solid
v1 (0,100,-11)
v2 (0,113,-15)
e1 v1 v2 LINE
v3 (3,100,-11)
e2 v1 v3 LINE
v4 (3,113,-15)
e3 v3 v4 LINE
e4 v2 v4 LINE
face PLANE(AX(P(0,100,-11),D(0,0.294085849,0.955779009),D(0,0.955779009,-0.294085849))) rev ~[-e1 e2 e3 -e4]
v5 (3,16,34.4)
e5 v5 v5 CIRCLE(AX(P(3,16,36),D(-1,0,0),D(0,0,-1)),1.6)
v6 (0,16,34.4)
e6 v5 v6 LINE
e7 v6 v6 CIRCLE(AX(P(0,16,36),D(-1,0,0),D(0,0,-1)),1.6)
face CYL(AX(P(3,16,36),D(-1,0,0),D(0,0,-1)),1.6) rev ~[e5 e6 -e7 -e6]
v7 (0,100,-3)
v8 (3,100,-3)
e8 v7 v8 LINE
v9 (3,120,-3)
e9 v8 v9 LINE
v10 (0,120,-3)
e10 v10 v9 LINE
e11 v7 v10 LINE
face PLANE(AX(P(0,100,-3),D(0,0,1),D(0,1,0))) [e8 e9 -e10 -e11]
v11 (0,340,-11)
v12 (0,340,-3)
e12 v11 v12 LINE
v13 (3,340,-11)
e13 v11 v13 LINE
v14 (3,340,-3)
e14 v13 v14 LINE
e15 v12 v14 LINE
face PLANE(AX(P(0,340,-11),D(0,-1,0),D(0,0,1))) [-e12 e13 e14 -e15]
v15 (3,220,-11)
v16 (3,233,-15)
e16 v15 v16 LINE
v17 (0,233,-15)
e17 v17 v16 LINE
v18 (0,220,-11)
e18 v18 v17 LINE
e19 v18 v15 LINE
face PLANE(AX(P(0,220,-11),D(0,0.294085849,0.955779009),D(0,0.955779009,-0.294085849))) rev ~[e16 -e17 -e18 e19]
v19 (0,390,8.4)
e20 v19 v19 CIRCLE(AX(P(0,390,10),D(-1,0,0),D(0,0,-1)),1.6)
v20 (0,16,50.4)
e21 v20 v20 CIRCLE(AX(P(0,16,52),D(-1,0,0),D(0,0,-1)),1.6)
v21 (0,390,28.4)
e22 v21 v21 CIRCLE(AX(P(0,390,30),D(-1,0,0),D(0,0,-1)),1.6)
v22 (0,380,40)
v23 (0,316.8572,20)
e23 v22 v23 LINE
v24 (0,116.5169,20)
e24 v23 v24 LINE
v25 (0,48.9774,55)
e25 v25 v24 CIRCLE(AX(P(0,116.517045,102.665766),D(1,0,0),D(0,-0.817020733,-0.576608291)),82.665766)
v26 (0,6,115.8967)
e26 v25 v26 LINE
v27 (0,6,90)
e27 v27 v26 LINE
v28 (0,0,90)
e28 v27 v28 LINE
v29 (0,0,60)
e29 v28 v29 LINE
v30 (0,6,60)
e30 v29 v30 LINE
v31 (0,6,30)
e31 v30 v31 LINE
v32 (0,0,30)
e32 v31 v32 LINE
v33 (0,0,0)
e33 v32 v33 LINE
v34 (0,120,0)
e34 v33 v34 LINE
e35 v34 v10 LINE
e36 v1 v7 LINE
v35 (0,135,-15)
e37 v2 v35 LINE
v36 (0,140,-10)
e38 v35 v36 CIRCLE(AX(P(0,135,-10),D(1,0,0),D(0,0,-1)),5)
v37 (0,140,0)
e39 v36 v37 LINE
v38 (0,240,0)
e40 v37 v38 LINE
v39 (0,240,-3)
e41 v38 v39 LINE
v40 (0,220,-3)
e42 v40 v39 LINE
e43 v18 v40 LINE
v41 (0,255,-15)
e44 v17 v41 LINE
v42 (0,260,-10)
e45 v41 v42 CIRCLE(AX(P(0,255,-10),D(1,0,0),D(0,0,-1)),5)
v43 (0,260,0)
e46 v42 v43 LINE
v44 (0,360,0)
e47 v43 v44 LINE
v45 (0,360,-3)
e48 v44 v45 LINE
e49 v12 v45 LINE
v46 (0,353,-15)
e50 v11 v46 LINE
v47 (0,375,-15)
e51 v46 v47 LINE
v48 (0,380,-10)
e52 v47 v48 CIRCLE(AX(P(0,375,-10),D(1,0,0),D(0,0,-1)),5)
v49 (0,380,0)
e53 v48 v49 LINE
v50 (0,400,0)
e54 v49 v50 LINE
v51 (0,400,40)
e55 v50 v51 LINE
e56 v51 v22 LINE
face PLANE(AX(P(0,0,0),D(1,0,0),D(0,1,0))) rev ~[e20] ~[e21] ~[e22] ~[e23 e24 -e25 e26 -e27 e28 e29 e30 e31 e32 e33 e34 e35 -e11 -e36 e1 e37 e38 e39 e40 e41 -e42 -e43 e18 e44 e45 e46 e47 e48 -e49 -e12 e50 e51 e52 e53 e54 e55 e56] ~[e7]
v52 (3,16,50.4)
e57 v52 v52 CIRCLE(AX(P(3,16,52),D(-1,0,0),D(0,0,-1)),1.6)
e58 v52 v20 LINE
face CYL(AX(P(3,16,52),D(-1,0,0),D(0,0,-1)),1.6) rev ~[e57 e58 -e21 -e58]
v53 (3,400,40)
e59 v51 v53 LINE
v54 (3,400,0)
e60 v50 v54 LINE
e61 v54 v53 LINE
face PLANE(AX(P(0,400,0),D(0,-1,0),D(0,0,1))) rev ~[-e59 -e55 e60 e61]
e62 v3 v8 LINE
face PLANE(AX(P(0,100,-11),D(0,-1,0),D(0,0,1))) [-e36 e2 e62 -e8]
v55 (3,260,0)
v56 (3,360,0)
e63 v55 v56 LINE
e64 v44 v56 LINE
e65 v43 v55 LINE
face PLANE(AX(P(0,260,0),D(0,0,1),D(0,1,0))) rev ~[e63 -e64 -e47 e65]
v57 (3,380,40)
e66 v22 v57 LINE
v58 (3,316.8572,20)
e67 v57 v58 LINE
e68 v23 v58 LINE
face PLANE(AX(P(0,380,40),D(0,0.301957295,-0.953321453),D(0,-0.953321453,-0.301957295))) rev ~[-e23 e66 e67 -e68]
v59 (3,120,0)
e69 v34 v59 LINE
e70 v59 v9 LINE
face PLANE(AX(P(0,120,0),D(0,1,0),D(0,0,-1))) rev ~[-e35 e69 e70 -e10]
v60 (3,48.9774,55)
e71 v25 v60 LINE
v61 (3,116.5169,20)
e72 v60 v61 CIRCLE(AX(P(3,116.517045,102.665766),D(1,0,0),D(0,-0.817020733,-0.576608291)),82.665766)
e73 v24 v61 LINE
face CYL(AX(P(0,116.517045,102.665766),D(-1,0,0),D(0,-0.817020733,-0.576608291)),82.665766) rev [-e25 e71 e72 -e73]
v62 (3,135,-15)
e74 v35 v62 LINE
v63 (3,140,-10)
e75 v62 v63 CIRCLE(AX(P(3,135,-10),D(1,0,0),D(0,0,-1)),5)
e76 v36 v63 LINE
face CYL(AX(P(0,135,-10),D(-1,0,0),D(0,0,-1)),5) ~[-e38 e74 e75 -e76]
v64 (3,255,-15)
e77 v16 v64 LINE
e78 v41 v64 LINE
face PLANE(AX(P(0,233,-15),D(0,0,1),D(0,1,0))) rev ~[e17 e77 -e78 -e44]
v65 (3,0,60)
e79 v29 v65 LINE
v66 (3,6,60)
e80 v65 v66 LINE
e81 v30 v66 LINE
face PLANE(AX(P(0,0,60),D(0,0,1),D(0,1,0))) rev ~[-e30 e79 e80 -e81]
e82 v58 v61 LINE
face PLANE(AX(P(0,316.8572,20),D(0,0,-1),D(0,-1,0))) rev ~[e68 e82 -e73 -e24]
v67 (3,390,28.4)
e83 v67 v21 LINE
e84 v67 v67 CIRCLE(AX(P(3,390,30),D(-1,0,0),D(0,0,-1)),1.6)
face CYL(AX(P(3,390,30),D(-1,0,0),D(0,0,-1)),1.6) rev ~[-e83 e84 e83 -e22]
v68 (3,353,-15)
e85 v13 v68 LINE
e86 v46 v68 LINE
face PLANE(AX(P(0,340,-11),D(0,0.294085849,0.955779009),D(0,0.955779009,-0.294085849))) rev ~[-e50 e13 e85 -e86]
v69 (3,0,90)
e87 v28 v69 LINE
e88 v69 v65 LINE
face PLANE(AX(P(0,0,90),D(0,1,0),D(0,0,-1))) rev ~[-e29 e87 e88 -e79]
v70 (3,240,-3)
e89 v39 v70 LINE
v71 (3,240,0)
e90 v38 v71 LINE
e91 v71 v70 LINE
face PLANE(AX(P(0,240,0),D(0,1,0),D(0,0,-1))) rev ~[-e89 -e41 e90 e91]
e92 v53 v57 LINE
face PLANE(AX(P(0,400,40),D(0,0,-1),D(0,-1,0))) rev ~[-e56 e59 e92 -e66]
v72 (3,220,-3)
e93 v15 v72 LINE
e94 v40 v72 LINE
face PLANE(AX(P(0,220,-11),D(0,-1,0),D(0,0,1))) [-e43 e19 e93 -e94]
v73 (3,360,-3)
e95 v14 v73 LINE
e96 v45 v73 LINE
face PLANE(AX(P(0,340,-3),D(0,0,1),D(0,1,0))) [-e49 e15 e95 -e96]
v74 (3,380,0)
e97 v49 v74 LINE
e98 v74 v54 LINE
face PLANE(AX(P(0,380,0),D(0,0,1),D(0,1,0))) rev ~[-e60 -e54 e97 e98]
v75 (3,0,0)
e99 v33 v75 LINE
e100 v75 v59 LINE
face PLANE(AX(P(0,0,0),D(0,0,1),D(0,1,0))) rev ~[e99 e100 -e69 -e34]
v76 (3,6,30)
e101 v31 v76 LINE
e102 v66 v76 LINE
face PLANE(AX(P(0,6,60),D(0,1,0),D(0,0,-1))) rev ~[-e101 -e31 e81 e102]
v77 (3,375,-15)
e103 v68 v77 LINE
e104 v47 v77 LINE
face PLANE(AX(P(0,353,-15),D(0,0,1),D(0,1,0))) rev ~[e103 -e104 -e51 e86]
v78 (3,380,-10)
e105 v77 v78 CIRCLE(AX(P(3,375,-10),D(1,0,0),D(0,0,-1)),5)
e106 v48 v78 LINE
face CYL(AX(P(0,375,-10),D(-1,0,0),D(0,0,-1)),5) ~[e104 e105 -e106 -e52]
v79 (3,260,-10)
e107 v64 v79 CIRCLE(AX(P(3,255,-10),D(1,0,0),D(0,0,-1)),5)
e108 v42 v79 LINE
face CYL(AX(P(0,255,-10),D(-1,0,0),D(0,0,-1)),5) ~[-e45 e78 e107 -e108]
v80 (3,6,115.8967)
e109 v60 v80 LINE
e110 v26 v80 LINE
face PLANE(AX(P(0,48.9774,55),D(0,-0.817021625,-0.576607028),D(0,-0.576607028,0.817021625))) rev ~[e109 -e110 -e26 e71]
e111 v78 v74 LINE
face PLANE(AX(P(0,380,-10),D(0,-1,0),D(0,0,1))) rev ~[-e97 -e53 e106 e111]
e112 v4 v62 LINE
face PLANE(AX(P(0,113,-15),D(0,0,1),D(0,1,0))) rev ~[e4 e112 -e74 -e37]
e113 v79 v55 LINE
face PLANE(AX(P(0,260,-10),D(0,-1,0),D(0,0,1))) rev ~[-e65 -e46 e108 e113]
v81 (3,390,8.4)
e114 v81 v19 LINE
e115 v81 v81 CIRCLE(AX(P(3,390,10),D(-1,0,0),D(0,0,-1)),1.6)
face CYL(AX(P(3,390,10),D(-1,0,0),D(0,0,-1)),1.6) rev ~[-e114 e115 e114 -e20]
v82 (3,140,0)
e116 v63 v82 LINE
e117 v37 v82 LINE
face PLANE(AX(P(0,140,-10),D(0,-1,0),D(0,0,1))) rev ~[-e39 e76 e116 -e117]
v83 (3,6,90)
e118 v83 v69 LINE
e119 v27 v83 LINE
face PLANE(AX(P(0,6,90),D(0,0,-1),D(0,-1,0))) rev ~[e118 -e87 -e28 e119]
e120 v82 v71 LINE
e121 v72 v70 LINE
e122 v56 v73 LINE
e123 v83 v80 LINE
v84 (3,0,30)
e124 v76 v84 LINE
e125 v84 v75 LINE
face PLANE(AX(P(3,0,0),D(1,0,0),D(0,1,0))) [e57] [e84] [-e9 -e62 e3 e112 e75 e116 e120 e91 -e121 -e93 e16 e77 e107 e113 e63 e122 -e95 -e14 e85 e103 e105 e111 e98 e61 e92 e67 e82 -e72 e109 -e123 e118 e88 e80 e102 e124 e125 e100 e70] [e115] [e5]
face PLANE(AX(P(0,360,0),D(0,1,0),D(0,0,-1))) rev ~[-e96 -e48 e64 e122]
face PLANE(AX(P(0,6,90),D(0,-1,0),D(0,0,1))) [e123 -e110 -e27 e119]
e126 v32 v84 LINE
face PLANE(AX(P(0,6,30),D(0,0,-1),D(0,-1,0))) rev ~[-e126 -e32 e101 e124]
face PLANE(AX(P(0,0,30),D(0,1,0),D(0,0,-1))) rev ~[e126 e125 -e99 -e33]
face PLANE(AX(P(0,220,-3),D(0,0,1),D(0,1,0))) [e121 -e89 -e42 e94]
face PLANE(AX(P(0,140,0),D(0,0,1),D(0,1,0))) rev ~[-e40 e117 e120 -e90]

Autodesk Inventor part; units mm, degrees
ref_plane "YZ Plane" through (0, 0, 0) normal (1, 0, 0) x (0, 1, 0)
ref_plane "XZ Plane" through (0, 0, 0) normal (0, 1, 0) x (-1, 0, 0)
ref_plane "XY Plane" through (0, 0, 0) normal (0, 0, 1) x (1, 0, 0)
sketch "Sketch1" plane through (0, 0, 0) normal (1, 0, 0) x (0, 1, 0)
  line L0 (0, 90) -> (0, 60)
  line L1 (400, 0) -> (400, 40)
  line L2 (6, 90) -> (0, 90)
  line L3 (360, 0) -> (360, -3)
  line L4 (353, -15) -> (375, -15)
  line L5 (380, -10) -> (380, 0)
  line L6 (353, -15) -> (340, -15) construction
  line L7 (340, -15) -> (340, -11) construction
  line L8 (340, -3) -> (360, -3)
  line L9 (0, 0) -> (360, 0)
  line L10 (380, 0) -> (400, 0)
  line L11 (340, -11) -> (353, -15)
  arc A0 (375, -15) -> (380, -10) centre (375, -10) ccw
  line L12 (340, -11) -> (340, -3)
  line L13 (240, 0) -> (240, -3)
  line L14 (220, -3) -> (240, -3)
  line L15 (220, -11) -> (220, -3)
  line L16 (260, -10) -> (260, 0)
  line L17 (233, -15) -> (255, -15)
  line L18 (233, -15) -> (220, -15) construction
  line L19 (220, -15) -> (220, -11) construction
  line L20 (220, -11) -> (233, -15)
  arc A1 (255, -15) -> (260, -10) centre (255, -10) ccw
  line L21 (120, 0) -> (120, -3)
  line L22 (100, -3) -> (120, -3)
  line L23 (100, -11) -> (100, -3)
  line L24 (140, -10) -> (140, 0)
  line L25 (113, -15) -> (135, -15)
  line L26 (113, -15) -> (100, -15) construction
  line L27 (100, -15) -> (100, -11) construction
  line L28 (100, -11) -> (113, -15)
  arc A2 (135, -15) -> (140, -10) centre (135, -10) ccw
  line L29 (240, 0) -> (260, 0)
  line L30 (120, 0) -> (140, 0)
  line L31 (6, 90) -> (6, 60) construction
  line L32 (0, 60) -> (6, 60)
  line L33 (6, 30) -> (0, 30)
  line L34 (0, 60) -> (0, 30) construction
  line L35 (0, 30) -> (0, 0)
  line L36 (6, 30) -> (6, 0) construction
  line L37 (6, 60) -> (6, 30)
  line L38 (400, 40) -> (380, 40)
  line L39 (380, 40) -> (316.8572, 20)
  line L40 (316.8572, 20) -> (116.5169, 20)
  line L41 (48.9774, 55) -> (6, 115.8967)
  arc A3 (48.9774, 55) -> (116.5169, 20) centre (116.5169, 102.6656) ccw
  line L42 (6, 90) -> (6, 115.8967)
  point P0 (24.2764, 90)
  dimension "d0" = 400
  dimension "d2" = 40
  dimension "d3" = 90
  dimension "d7" = 3
  dimension "d8" = 20
  dimension "d9" = 20
  dimension "d10" = 12
  dimension "d11" = 5
  dimension "d14" = 120
  dimension "d19" = 8
  dimension "d20" = 22
  dimension "d21" = 20
  dimension "d22" = 6
  dimension "d23" = 30
  dimension "d24" = 30
extrude "Extrusion1" add sketch "Sketch1" along normal blind 3
sketch "Sketch2" plane through (3, 0, 0) normal (1, 0, 0) x (0, 0, -1)
  line L0 (-52, 16) -> (-36, 16) construction
  line L1 (-30, 0) -> (0, 0) projected
  line L2 (-30, 390) -> (-10, 390) construction
  line L3 (0, 400) -> (-40, 400) projected
  line L4 (0, 380) -> (0, 400) projected
  line L5 (0, 0) -> (0, 120) projected
  dimension "d25" = 16
  dimension "d26" = 16
  dimension "d27" = 20
  dimension "d28" = 10
  dimension "d29" = 10
  dimension "d30" = 36
hole "Hole1" at (3, 16, 52) at (3, 16, 36) at (3, 390, 30) at (3, 390, 10) direction (-1, 0, 0) diameter 3.2 end through all
properties part number "Camera mounting side"
